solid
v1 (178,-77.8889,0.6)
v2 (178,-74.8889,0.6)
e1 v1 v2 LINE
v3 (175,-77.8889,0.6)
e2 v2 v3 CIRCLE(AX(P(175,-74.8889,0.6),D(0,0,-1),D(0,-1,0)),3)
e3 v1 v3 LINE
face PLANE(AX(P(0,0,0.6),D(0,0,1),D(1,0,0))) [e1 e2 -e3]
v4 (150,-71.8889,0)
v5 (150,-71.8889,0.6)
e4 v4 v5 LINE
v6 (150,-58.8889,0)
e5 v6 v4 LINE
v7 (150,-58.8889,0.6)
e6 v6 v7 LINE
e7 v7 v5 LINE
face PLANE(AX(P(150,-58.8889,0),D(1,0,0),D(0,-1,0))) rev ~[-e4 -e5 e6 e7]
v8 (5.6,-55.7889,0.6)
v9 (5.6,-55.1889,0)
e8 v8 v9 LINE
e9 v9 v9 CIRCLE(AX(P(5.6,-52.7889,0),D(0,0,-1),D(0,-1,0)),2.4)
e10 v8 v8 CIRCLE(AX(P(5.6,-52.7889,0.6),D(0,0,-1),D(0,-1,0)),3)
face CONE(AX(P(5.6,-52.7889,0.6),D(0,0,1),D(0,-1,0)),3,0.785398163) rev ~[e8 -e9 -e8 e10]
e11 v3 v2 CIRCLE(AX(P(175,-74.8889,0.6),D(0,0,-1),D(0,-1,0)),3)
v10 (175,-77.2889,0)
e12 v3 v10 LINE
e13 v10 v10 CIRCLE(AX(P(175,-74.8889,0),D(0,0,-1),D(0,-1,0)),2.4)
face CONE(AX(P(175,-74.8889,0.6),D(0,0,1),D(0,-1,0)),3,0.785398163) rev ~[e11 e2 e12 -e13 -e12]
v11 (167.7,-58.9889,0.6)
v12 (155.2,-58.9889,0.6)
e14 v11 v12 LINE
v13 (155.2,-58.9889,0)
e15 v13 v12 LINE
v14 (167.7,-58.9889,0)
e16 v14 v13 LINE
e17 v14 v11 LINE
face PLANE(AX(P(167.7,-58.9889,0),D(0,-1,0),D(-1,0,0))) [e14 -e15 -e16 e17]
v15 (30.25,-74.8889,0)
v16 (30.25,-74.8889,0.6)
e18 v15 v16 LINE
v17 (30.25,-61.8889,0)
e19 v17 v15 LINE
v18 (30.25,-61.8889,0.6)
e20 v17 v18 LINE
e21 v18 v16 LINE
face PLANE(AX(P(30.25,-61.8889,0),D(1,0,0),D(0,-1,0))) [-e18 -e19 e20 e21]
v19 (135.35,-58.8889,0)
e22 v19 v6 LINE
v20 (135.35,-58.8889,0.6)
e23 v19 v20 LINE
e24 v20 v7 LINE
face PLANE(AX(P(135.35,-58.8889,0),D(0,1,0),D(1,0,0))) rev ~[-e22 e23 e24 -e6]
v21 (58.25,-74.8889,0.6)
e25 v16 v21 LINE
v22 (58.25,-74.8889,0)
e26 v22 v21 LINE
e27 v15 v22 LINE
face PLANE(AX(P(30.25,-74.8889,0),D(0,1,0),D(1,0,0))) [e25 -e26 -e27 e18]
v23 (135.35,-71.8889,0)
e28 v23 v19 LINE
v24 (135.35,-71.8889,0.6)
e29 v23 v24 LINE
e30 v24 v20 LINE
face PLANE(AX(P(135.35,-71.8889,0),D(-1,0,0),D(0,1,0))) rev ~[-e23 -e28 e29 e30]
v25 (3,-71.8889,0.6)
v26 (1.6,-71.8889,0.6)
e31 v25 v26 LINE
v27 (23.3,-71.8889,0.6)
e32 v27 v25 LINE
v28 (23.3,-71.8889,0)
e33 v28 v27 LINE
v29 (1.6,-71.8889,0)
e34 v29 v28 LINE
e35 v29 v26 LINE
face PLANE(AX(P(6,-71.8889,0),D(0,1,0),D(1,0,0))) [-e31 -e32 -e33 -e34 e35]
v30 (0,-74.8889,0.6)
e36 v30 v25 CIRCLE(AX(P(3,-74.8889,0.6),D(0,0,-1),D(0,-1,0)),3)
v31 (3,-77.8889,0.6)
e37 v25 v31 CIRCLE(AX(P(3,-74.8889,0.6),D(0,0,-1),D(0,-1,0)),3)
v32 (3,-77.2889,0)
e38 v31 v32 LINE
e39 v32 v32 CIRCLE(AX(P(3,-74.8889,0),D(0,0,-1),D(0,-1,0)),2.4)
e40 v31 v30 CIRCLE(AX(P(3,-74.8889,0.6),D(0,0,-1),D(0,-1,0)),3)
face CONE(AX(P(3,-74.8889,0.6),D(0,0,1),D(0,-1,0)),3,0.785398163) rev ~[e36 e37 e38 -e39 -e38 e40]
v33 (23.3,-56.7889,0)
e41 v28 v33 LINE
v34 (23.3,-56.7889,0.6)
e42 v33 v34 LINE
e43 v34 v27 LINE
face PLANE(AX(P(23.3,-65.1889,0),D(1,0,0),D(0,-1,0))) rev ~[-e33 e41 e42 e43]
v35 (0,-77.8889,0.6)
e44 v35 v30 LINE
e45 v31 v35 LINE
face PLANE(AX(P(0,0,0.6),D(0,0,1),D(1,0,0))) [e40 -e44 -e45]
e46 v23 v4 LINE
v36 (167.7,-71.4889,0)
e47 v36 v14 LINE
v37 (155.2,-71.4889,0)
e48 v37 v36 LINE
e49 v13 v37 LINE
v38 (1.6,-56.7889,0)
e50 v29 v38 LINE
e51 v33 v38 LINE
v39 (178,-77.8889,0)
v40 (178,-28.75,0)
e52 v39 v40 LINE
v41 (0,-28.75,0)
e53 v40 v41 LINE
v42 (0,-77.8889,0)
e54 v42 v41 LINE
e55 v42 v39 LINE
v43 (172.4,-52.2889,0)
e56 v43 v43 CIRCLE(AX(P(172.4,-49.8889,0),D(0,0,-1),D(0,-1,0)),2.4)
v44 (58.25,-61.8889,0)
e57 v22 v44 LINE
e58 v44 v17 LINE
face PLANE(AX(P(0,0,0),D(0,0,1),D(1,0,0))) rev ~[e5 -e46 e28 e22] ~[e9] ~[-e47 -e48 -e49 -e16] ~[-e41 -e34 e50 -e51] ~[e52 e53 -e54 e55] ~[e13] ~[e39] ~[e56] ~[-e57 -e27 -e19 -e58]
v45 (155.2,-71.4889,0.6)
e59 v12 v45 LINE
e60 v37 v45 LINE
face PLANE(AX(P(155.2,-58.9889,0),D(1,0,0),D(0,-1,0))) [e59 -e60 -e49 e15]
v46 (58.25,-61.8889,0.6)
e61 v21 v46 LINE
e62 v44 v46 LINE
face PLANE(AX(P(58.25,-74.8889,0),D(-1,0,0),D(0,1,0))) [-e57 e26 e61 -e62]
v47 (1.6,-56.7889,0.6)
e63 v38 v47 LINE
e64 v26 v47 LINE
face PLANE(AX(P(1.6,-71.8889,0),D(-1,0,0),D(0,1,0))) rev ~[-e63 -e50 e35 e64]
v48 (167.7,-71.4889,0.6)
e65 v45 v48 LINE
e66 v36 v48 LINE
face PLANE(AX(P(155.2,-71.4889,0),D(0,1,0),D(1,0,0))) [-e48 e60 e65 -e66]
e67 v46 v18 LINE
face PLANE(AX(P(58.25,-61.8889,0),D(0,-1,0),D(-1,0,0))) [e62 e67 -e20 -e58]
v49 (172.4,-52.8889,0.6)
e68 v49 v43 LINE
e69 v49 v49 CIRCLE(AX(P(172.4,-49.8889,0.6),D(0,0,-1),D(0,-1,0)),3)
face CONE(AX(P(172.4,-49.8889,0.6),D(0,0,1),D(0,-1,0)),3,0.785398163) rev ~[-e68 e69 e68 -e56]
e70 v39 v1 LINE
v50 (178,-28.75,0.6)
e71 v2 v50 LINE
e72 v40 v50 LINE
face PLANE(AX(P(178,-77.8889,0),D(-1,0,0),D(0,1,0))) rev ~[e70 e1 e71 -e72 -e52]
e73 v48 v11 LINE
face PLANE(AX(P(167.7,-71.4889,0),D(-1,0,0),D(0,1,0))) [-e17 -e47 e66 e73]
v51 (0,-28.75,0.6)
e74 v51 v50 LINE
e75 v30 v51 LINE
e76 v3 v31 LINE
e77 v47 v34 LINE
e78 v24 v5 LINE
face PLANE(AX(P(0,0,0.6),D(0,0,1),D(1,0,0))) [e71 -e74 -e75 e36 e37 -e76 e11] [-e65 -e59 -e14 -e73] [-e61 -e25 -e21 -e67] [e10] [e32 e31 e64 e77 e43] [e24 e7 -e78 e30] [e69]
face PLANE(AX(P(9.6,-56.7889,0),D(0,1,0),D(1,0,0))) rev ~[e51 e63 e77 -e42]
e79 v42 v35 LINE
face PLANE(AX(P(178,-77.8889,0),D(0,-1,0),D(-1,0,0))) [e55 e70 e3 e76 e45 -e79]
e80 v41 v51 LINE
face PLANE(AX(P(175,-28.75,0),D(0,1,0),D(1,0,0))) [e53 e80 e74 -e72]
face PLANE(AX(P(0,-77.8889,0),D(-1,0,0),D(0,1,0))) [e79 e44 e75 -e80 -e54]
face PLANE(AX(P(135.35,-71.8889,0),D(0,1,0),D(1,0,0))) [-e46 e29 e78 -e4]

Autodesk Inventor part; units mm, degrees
ref_plane "YZ Plane" through (0, 0, 0) normal (1, 0, 0) x (0, 1, 0)
ref_plane "XZ Plane" through (0, 0, 0) normal (0, 1, 0) x (-1, 0, 0)
ref_plane "XY Plane" through (0, 0, 0) normal (0, 0, 1) x (1, 0, 0)
ref_plane "Work Plane1" through (0, 0, 0) normal (0, 0, 1) x (1, 0, 0)
sketch "Sketch1" plane through (0, 0, 0) normal (0, 0, 1) x (1, 0, 0)
  circle A0 centre (118.7, -21.5445) radius 2.5 projected
  circle A1 centre (113.95, -8.8843) radius 2.5 projected
  circle A2 centre (64.05, -19.8657) radius 2.5 projected
  circle A3 centre (59.3, -7.2055) radius 2.5 projected
  circle A4 centre (64.05, -8.8843) radius 2.5 projected
  circle A5 centre (59.3, -21.5445) radius 2.5 projected
  circle A6 centre (118.7, -7.2055) radius 2.5 projected
  circle A7 centre (113.95, -19.8657) radius 2.5 projected
  line L0 (84.5, 12.4325) -> (84.5, -11.5675) projected
  line L1 (84.5, -11.5675) -> (72.5, -11.5675) projected
  line L2 (72.5, -11.5675) -> (72.5, 4.5875) projected
  circle A8 centre (69.5, 4.5875) radius 3 projected
  line L3 (72.5, 4.5875) -> (72.5, 12.4325) projected
  line L4 (72.5, 12.4325) -> (84.5, 12.4325) projected
  arc A9 (105.5, 4.2836) -> (105.5, 4.8914) centre (108.4846, 4.5875) ccw projected
  line L5 (105.5, 4.2836) -> (105.5, -11.5675) projected
  line L6 (105.5, -11.5675) -> (93.5, -11.5675) projected
  line L7 (93.5, -11.5675) -> (93.5, 12.4325) projected
  line L8 (93.5, 12.4325) -> (105.5, 12.4325) projected
  line L9 (105.5, 12.4325) -> (105.5, 4.8914) projected
  circle A10 centre (108.4462, 27.5) radius 3 projected
  circle A11 centre (69.5, 27.5) radius 3 projected
  circle A12 centre (89, 0.9661) radius 3 projected
  circle A13 centre (89, 29.5) radius 3 projected
  arc A14 (175, 0) -> (178, -3) centre (175, -3) ccw projected
  line L10 (175, 0) -> (112.5, 0) projected
  line L11 (65.5, 33.8) -> (65.5, 0) projected
  line L12 (65.5, 0) -> (3, 0) projected
  arc A15 (0, -3) -> (3, 0) centre (3, -3) ccw projected
  line L13 (0, -3) -> (0, -25.75) projected
  arc A16 (3, -28.75) -> (0, -25.75) centre (3, -25.75) ccw projected
  line L14 (3, -28.75) -> (175, -28.75) projected
  arc A17 (178, -25.75) -> (175, -28.75) centre (175, -25.75) ccw projected
  line L15 (178, -25.75) -> (178, -3) projected
  circle A18 centre (3, -25.75) radius 2.3 projected
  circle A19 centre (3, -3) radius 2.3 projected
  circle A20 centre (3, -74.8889) radius 2.3 projected
  line L16 (0, 0) -> (6, 0) projected
  line L17 (0, -77.8889) -> (0, 0) projected
  line L18 (0, -77.8889) -> (6, -77.8889) projected
  line L19 (6, -71.8889) -> (6, -77.8889) projected
  line L20 (6, -71.8889) -> (1.6, -71.8889) projected
  line L21 (1.6, -71.8889) -> (1.6, -56.7889) projected
  line L22 (1.6, -56.7889) -> (9.6, -56.7889) projected
  line L23 (9.6, -44.7889) -> (9.6, -56.7889) projected
  line L24 (3, -44.7889) -> (9.6, -44.7889) projected
  line L25 (3, -28.75) -> (3, -44.7889) projected
  line L26 (3, -28.75) -> (6, -28.75) projected
  line L27 (6, -28.75) -> (6, -22.75) projected
  line L28 (6, -22.75) -> (3, -22.75) projected
  line L29 (3, -6) -> (3, -22.75) projected
  line L30 (3, -6) -> (6, -6) projected
  line L31 (6, -6) -> (6, 0) projected
  circle A21 centre (5.6, -52.7889) radius 2.6 projected
  circle A22 centre (175, -3) radius 2.3 projected
  circle A23 centre (175, -25.75) radius 2.3 projected
  line L32 (175, -28.75) -> (175, -41.8889) projected
  line L33 (168.4, -41.8889) -> (175, -41.8889) projected
  line L34 (168.4, -53.8889) -> (168.4, -41.8889) projected
  line L35 (175, -53.8889) -> (168.4, -53.8889) projected
  line L36 (175, -53.8889) -> (175, -71.8889) projected
  line L37 (175, -71.8889) -> (172, -71.8889) projected
  line L38 (172, -71.8889) -> (172, -77.8889) projected
  line L39 (178, -77.8889) -> (172, -77.8889) projected
  line L40 (178, -77.8889) -> (178, 0) projected
  line L41 (178, 0) -> (172, 0) projected
  line L42 (172, 0) -> (172, -6) projected
  line L43 (172, -6) -> (175, -6) projected
  line L44 (175, -6) -> (175, -22.75) projected
  line L45 (175, -22.75) -> (172, -22.75) projected
  line L46 (172, -22.75) -> (172, -28.75) projected
  line L47 (172, -28.75) -> (175, -28.75) projected
  circle A24 centre (175, -74.8889) radius 2.3 projected
  circle A25 centre (172.4, -49.8889) radius 2.6 projected
  line L48 (156.2, -70.4889) -> (156.2, -59.9889) projected
  line L49 (166.7, -59.9889) -> (156.2, -59.9889) projected
  line L50 (166.7, -59.9889) -> (166.7, -70.4889) projected
  line L51 (156.2, -70.4889) -> (166.7, -70.4889) projected
  line L52 (149, -59.8889) -> (149, -70.8889) projected
  line L53 (149, -70.8889) -> (136.35, -70.8889) projected
  line L54 (136.35, -70.8889) -> (136.35, -59.8889) projected
  line L55 (136.35, -59.8889) -> (149, -59.8889) projected
  line L56 (135, -53.8889) -> (135, -71.8889) projected
  line L57 (135, -71.8889) -> (175, -71.8889) projected
  line L58 (175, -71.8889) -> (175, -53.8889) projected
  line L59 (175, -53.8889) -> (135, -53.8889) projected
  circle A26 centre (137.85, -56.7389) radius 1.5 projected
  circle A27 centre (172.15, -56.7389) radius 1.5 projected
  line L60 (31.25, -62.8889) -> (31.25, -73.8889) projected
  line L61 (31.25, -73.8889) -> (57.25, -73.8889) projected
  line L62 (57.25, -73.8889) -> (57.25, -62.8889) projected
  line L63 (57.25, -62.8889) -> (31.25, -62.8889) projected
  line L64 (9.6, -56.7889) -> (23.3, -56.7889) projected
  line L65 (23.3, -56.7889) -> (23.3, -59.8889) projected
  line L66 (23.3, -59.8889) -> (23.3, -65.1889) projected
  line L67 (3, -71.8889) -> (23.3, -71.8889) projected
  line L68 (23.3, -61.8889) -> (23.3, -74.8889) projected
  line L69 (30.25, -61.8889) -> (30.25, -74.8889)
  line L70 (30.25, -74.8889) -> (58.25, -74.8889)
  line L71 (58.25, -74.8889) -> (58.25, -61.8889)
  line L72 (58.25, -61.8889) -> (30.25, -61.8889)
  line L73 (150, -58.8889) -> (150, -71.8889)
  line L74 (150, -71.8889) -> (135.35, -71.8889)
  line L75 (135.35, -71.8889) -> (135.35, -58.8889)
  line L76 (135.35, -58.8889) -> (150, -58.8889)
  line L77 (155.2, -58.9889) -> (155.2, -71.4889)
  line L78 (155.2, -71.4889) -> (167.7, -71.4889)
  line L79 (167.7, -71.4889) -> (167.7, -58.9889)
  line L80 (167.7, -58.9889) -> (155.2, -58.9889)
  line L81 (0, -28.75) -> (178, -28.75)
  line L82 (178, -28.75) -> (178, -77.8889)
  line L83 (178, -77.8889) -> (0, -77.8889)
  line L84 (0, -77.8889) -> (0, -28.75)
  line L85 (131.125, -21.1625) -> (131.125, -7.525) projected
  arc A28 (134.125, -4.525) -> (131.125, -7.525) centre (134.125, -7.525) ccw projected
  line L86 (134.125, -4.525) -> (155.95, -4.525) projected
  arc A29 (158.95, -7.525) -> (155.95, -4.525) centre (155.95, -7.525) ccw projected
  line L87 (158.95, -7.525) -> (158.95, -21.1625) projected
  arc A30 (155.95, -24.1625) -> (158.95, -21.1625) centre (155.95, -21.1625) ccw projected
  line L88 (155.95, -24.1625) -> (134.125, -24.1625) projected
  arc A31 (131.125, -21.1625) -> (134.125, -24.1625) centre (134.125, -21.1625) ccw projected
  line L89 (46.875, -7.5875) -> (46.875, -21.225) projected
  arc A32 (43.875, -24.225) -> (46.875, -21.225) centre (43.875, -21.225) ccw projected
  line L90 (43.875, -24.225) -> (22.05, -24.225) projected
  arc A33 (19.05, -21.225) -> (22.05, -24.225) centre (22.05, -21.225) ccw projected
  line L91 (19.05, -21.225) -> (19.05, -7.5875) projected
  arc A34 (22.05, -4.5875) -> (19.05, -7.5875) centre (22.05, -7.5875) ccw projected
  line L92 (22.05, -4.5875) -> (43.875, -4.5875) projected
  arc A35 (46.875, -7.5875) -> (43.875, -4.5875) centre (43.875, -7.5875) ccw projected
  line L93 (112.5, 0) -> (112.5, 33.8) projected
  line L94 (112.5, 33.8) -> (65.5, 33.8) projected
  point P0 (3, -28.75)
  point P1 (175, -28.75)
  point P2 (135.35, -71.8889)
  dimension "d0" = 1
  dimension "d1" = 1
  dimension "d2" = 1
extrude "Extrusion1" add sketch "Sketch1" along normal blind 0.6 contours L40 L39 L38 L37 L36 L35 L34 L33 L32 L81 | L32 L33 L34 L59 L56 L57 L38 L83 L19 L67 L68 L66 L65 L64 L23 L24 L25 L14 | L25 L24 L23 L22 L21 L20 L19 L18 L17 L81 | L57 L73 L76 L75 L56 L59 L35 L36 L37 | A20 | A21 | A24 | A25 | A26 | A27
sketch "Sketch2" plane through (0, 0, 0.6) normal (0, 0, 1) x (1, 0, 0)
  circle A0 centre (3, -25.75) radius 2.3 projected
  circle A1 centre (3, -3) radius 2.3 projected
  circle A2 centre (3, -74.8889) radius 2.3 projected
  line L0 (0, 0) -> (6, 0) projected
  line L1 (0, -77.8889) -> (0, 0) projected
  line L2 (0, -77.8889) -> (6, -77.8889) projected
  line L3 (6, -71.8889) -> (6, -77.8889) projected
  line L4 (6, -71.8889) -> (1.6, -71.8889) projected
  line L5 (1.6, -71.8889) -> (1.6, -56.7889) projected
  line L6 (1.6, -56.7889) -> (9.6, -56.7889) projected
  line L7 (9.6, -44.7889) -> (9.6, -56.7889) projected
  line L8 (3, -44.7889) -> (9.6, -44.7889) projected
  line L9 (3, -28.75) -> (3, -44.7889) projected
  line L10 (3, -28.75) -> (6, -28.75) projected
  line L11 (6, -28.75) -> (6, -22.75) projected
  line L12 (6, -22.75) -> (3, -22.75) projected
  line L13 (3, -6) -> (3, -22.75) projected
  line L14 (3, -6) -> (6, -6) projected
  line L15 (6, -6) -> (6, 0) projected
  circle A3 centre (5.6, -52.7889) radius 2.6 projected
  circle A4 centre (172.4, -49.8889) radius 2.6 projected
  circle A5 centre (175, -3) radius 2.3 projected
  circle A6 centre (175, -25.75) radius 2.3 projected
  line L16 (175, -28.75) -> (175, -41.8889) projected
  line L17 (168.4, -41.8889) -> (175, -41.8889) projected
  line L18 (168.4, -53.8889) -> (168.4, -41.8889) projected
  line L19 (175, -53.8889) -> (168.4, -53.8889) projected
  line L20 (175, -53.8889) -> (175, -71.8889) projected
  line L21 (175, -71.8889) -> (172, -71.8889) projected
  line L22 (172, -71.8889) -> (172, -77.8889) projected
  line L23 (178, -77.8889) -> (172, -77.8889) projected
  line L24 (178, -77.8889) -> (178, 0) projected
  line L25 (178, 0) -> (172, 0) projected
  line L26 (172, 0) -> (172, -6) projected
  line L27 (172, -6) -> (175, -6) projected
  line L28 (175, -6) -> (175, -22.75) projected
  line L29 (175, -22.75) -> (172, -22.75) projected
  line L30 (172, -22.75) -> (172, -28.75) projected
  line L31 (172, -28.75) -> (175, -28.75) projected
  circle A7 centre (175, -74.8889) radius 2.3 projected
  circle A8 centre (172.4, -49.8889) radius 2.6 projected
hole "Hole1" at (5.6, -52.7889, 0.6) at (3, -74.8889, 0.6) at (175, -74.8889, 0.6) at (172.4, -49.8889, 0.6) direction (0, 0, -1) diameter 3.6 end through all countersink diameter 6 countersink angle 90 clearance for "Countersunk Flat Head Screw ISO 2009/7046" size "M3" standard "ISO"
properties part number "ceil_front" material "ABS Plastic"
